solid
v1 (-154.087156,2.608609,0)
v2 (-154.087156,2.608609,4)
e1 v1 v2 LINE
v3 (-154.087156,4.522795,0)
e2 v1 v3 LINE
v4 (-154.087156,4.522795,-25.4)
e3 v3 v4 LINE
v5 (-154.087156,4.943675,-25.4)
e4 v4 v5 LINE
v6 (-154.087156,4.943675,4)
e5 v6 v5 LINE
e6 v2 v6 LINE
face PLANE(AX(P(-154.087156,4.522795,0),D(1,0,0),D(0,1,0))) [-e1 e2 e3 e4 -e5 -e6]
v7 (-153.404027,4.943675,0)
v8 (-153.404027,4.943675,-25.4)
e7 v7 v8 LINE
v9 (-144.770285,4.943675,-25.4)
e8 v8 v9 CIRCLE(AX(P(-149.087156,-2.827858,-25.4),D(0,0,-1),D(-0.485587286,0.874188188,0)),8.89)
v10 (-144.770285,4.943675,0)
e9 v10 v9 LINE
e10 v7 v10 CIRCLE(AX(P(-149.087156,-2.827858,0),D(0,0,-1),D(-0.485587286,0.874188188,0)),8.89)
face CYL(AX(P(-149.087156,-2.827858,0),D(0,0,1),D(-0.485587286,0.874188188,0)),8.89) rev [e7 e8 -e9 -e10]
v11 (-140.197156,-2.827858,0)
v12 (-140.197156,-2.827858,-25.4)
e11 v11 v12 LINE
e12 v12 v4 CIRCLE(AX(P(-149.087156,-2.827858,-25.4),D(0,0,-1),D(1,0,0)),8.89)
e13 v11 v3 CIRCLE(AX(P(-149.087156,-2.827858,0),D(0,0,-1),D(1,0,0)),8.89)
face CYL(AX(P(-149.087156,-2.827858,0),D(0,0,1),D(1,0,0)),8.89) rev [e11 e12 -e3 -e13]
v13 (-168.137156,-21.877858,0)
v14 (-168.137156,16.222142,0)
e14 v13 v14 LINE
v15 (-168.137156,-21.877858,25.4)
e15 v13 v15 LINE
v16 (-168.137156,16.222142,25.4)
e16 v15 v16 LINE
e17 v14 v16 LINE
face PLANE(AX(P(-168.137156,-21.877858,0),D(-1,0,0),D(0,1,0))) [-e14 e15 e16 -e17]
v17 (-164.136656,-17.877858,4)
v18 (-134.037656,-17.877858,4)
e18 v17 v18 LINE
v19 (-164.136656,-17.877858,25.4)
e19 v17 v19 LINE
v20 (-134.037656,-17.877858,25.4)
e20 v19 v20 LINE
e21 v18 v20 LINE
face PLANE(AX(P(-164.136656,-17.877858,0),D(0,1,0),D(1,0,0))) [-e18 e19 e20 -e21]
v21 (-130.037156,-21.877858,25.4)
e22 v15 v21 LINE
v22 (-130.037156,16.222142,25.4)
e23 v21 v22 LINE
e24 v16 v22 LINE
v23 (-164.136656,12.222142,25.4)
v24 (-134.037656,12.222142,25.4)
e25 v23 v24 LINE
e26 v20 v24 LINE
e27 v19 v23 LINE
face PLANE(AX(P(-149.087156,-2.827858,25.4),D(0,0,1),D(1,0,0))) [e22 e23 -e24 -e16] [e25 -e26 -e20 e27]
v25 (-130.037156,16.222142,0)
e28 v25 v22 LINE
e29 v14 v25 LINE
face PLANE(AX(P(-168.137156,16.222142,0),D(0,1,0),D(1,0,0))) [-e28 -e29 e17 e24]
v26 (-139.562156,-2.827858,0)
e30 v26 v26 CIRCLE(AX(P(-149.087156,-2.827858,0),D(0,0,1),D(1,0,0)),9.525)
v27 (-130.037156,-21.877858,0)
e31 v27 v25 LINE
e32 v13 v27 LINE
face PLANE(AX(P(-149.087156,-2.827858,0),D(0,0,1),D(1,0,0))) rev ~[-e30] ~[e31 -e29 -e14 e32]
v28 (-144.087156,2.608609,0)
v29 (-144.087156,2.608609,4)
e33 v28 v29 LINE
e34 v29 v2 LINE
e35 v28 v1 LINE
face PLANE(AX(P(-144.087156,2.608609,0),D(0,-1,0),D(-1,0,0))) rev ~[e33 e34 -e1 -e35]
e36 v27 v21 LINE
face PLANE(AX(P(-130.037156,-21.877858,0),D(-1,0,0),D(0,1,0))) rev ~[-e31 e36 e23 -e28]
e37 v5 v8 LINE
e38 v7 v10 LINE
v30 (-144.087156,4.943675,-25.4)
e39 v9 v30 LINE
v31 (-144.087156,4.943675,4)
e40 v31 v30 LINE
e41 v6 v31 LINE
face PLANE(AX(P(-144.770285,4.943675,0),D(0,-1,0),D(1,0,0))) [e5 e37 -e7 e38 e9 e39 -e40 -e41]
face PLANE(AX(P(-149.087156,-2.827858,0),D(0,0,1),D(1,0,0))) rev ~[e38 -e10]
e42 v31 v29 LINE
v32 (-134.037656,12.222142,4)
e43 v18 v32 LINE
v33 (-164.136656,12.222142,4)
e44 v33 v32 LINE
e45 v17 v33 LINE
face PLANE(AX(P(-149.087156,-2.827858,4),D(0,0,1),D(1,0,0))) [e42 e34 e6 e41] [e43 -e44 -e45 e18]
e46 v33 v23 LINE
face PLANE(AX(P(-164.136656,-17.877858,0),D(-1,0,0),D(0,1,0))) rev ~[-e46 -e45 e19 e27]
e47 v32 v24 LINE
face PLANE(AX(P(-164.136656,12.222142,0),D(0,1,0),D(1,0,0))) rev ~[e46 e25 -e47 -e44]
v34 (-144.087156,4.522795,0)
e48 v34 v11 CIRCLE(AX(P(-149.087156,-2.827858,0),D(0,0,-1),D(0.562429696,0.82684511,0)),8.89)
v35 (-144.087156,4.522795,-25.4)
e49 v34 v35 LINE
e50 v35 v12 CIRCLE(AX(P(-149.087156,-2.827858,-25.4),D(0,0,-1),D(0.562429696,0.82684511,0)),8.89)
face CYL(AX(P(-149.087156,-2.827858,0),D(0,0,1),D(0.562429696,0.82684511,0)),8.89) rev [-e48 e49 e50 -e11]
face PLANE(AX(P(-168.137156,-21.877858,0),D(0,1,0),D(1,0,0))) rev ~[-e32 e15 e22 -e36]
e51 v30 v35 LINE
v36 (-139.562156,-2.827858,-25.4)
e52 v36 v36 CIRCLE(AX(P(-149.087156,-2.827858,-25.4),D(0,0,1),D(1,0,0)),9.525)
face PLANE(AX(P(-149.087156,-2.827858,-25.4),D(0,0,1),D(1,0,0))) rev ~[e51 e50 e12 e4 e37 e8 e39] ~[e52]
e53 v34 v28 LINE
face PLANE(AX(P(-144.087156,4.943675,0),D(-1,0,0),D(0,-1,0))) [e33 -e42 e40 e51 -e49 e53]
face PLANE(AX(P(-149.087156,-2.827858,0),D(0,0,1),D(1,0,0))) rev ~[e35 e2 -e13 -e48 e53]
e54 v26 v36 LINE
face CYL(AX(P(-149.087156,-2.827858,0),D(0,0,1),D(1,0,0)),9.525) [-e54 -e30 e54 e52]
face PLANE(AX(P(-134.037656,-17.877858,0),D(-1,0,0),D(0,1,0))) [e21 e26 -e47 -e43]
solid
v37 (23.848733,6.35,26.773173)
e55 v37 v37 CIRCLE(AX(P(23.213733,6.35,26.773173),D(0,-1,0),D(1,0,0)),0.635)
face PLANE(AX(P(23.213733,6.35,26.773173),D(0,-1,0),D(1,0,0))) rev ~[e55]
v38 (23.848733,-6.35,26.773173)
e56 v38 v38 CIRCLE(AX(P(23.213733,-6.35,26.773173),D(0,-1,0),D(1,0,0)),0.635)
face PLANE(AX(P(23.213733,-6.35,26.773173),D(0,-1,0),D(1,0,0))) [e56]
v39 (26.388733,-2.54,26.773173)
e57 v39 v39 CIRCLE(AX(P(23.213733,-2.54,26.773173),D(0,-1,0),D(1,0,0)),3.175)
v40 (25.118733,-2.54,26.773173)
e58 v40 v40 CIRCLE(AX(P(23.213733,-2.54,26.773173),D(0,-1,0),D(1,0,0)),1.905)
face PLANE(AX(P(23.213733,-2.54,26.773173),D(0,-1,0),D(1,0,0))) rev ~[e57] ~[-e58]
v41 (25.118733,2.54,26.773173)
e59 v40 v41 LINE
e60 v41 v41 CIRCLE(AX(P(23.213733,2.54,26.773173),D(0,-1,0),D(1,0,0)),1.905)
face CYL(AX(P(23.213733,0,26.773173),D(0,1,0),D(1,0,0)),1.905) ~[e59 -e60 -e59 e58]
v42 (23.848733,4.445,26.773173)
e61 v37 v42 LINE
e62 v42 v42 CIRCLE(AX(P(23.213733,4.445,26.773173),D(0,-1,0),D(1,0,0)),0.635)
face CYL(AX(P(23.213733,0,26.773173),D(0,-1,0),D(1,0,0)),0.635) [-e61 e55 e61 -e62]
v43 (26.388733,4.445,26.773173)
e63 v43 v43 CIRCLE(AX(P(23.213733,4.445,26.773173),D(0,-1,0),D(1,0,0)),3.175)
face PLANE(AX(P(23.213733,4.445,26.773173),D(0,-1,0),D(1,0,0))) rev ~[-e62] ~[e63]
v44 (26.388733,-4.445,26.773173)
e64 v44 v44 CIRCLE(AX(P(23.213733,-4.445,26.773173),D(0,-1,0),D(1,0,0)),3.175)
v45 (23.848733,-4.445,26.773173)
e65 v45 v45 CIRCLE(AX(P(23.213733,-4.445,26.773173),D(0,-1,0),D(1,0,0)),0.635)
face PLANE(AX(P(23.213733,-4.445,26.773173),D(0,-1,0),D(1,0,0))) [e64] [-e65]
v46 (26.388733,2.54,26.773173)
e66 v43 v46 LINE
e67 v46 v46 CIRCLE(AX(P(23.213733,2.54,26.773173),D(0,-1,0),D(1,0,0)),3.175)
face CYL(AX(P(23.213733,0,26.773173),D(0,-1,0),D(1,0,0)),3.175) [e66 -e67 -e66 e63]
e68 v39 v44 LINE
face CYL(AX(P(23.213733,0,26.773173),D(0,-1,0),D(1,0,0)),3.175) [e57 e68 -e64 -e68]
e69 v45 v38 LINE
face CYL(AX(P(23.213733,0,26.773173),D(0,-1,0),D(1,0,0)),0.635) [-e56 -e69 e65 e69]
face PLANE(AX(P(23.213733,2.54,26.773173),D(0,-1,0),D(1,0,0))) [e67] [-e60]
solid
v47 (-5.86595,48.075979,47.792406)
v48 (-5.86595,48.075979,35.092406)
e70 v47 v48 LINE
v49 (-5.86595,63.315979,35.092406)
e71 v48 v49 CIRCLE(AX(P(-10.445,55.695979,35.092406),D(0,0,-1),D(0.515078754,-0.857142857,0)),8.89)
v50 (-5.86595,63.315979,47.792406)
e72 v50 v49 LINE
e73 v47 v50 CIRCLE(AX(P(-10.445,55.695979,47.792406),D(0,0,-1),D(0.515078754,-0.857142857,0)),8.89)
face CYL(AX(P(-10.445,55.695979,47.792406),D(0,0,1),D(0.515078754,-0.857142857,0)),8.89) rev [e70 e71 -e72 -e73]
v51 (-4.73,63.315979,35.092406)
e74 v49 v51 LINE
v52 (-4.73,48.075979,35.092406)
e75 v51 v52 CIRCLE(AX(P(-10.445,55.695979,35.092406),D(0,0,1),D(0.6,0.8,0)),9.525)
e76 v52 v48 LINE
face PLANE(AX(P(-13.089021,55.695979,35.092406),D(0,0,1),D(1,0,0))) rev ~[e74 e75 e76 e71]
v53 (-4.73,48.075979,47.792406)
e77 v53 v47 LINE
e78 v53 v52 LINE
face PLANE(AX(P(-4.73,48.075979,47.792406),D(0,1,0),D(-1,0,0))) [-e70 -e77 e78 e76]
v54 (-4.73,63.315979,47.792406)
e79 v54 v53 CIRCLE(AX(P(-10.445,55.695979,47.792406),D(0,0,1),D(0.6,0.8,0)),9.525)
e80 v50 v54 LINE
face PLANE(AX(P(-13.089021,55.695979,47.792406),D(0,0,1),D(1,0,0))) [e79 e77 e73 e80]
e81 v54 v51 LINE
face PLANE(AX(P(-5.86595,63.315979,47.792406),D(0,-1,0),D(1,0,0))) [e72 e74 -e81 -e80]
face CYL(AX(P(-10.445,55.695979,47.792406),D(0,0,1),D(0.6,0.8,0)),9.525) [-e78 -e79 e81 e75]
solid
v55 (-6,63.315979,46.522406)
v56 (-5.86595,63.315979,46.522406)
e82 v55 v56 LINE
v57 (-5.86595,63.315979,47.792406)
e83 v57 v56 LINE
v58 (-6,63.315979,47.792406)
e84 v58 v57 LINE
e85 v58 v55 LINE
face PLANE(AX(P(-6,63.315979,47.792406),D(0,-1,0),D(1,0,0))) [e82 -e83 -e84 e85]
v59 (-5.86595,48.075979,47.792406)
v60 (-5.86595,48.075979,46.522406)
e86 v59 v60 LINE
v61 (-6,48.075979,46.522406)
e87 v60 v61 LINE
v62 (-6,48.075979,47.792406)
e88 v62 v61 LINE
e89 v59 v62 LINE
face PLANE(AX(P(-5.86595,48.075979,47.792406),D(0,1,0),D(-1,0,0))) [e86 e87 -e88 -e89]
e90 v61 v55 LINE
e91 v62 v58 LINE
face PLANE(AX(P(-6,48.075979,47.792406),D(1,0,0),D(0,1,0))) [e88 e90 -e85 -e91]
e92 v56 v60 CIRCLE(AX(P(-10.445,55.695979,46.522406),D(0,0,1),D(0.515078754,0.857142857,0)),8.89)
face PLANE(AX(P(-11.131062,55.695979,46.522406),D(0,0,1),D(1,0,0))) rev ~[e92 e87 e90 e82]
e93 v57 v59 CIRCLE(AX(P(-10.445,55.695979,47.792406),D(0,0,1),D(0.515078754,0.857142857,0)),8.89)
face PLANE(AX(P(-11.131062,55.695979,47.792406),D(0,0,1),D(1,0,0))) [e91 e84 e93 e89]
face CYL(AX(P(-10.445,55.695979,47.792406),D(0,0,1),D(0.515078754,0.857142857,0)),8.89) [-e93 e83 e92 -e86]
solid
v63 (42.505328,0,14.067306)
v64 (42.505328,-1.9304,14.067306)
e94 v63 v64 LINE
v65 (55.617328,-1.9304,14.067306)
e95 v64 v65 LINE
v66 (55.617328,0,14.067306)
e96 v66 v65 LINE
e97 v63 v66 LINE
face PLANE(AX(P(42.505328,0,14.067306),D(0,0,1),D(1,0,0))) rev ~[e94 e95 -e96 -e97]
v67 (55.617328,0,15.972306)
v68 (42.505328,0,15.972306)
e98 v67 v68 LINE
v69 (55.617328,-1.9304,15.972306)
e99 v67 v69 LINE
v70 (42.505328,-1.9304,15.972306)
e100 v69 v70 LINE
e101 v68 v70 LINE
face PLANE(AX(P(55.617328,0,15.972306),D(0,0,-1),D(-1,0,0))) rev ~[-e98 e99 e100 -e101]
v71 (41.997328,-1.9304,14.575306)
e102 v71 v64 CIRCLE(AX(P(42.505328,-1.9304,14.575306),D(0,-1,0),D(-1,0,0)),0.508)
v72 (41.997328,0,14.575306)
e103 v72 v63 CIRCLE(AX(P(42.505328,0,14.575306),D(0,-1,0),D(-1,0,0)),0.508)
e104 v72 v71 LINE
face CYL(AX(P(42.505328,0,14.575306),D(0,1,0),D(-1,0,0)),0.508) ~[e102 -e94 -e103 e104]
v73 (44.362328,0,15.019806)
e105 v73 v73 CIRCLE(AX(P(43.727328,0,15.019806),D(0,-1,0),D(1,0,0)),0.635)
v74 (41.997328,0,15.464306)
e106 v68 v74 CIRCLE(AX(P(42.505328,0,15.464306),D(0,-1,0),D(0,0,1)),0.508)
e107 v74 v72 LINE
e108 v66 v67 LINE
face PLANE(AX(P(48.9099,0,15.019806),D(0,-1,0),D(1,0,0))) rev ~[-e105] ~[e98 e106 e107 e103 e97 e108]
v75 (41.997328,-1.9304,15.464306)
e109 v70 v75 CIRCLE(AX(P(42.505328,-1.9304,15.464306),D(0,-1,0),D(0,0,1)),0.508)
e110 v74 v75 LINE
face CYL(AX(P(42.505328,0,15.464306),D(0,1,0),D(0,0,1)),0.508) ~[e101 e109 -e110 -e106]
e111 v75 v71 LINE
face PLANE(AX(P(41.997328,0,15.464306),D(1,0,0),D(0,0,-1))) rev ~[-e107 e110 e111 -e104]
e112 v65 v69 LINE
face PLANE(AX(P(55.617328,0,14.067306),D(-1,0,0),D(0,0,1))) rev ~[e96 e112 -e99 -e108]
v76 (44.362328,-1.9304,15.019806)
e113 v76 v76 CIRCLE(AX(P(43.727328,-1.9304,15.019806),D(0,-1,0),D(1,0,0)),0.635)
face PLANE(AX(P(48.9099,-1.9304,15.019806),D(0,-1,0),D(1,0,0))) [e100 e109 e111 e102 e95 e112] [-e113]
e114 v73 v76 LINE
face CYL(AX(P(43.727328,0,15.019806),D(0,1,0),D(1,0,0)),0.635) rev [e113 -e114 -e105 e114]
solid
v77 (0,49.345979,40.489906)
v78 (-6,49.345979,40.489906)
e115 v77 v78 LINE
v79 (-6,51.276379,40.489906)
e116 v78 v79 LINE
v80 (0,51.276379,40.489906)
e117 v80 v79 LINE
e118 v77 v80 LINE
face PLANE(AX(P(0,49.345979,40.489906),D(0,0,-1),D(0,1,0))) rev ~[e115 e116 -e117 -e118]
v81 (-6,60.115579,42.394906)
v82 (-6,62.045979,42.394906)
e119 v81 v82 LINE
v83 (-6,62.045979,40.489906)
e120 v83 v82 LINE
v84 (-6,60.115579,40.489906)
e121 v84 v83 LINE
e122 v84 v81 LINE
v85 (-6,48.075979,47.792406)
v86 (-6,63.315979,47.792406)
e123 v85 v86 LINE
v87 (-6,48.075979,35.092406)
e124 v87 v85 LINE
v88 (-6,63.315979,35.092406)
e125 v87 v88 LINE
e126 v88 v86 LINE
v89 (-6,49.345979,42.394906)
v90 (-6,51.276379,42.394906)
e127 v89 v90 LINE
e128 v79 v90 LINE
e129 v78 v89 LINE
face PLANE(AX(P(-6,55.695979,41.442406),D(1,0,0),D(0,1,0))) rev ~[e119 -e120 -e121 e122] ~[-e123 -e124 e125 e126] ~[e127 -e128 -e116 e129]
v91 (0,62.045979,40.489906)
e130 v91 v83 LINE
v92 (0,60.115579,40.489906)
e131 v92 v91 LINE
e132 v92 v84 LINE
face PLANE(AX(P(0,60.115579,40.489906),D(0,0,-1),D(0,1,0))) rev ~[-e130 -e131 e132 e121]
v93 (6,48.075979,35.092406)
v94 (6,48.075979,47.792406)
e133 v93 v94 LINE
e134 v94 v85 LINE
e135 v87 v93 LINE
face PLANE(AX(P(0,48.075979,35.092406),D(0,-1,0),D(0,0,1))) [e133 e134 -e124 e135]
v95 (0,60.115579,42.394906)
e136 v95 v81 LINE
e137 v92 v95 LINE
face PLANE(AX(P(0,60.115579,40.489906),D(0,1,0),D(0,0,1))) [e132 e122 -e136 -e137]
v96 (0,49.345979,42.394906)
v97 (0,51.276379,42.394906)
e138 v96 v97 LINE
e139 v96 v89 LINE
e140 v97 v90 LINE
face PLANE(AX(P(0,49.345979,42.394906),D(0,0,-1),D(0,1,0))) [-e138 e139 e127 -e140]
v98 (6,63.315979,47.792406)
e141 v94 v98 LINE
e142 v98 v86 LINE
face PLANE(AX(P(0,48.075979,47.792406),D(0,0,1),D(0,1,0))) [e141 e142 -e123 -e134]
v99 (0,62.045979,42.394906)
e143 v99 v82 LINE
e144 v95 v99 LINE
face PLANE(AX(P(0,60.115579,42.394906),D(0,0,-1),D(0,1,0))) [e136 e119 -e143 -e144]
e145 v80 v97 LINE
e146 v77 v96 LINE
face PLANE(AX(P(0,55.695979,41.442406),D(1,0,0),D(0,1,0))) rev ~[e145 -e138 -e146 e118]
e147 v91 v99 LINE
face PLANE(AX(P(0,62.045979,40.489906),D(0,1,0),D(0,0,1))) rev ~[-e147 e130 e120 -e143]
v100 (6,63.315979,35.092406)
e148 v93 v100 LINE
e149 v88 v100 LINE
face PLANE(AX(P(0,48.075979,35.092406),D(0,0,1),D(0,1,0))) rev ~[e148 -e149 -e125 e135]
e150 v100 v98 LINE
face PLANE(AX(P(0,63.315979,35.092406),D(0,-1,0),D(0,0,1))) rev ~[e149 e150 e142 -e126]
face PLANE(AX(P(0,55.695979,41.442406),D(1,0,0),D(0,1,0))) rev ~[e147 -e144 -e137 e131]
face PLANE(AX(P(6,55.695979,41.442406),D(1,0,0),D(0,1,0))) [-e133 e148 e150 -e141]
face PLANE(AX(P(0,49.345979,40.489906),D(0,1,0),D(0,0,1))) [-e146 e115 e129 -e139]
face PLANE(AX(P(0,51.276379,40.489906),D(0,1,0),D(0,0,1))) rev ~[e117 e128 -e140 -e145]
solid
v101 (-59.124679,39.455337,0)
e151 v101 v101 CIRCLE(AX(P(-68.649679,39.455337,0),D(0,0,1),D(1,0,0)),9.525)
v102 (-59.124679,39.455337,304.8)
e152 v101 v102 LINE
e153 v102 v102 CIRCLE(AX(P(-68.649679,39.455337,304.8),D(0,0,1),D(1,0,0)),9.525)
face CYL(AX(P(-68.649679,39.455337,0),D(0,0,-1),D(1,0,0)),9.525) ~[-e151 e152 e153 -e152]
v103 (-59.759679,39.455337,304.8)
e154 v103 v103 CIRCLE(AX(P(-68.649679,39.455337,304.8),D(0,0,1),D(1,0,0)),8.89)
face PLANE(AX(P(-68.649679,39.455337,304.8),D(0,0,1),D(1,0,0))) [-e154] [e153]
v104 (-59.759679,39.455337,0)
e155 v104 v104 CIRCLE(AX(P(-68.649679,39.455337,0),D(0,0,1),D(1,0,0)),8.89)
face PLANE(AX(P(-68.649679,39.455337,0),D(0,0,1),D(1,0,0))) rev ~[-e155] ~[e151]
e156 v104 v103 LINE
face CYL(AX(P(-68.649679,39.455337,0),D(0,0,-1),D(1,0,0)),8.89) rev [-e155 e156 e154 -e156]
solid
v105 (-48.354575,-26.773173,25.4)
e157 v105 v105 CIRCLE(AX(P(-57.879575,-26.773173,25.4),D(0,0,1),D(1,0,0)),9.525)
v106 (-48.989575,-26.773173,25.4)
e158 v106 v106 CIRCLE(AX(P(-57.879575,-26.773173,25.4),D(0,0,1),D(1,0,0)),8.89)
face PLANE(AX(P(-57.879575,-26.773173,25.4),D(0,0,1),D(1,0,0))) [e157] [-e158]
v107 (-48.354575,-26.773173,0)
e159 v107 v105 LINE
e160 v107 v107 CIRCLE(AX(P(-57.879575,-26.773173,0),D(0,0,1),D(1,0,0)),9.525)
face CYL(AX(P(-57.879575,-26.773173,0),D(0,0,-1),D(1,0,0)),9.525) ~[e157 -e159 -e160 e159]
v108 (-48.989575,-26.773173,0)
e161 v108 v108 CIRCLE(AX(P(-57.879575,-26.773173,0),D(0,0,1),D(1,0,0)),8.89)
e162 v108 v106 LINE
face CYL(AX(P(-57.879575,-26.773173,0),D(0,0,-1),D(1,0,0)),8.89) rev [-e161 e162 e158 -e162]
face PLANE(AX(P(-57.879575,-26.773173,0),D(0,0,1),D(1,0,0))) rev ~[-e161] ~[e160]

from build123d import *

# Parameters (mm, degrees)
F0_R      = 9.525
F0_R_2    = 8.89
F1_DEPTH  = 25.4
F2_R      = 0.635
F3_DEPTH  = 6.35
F2_R_2    = 3.175
F2_R_3    = 1.905
F4_DEPTH  = 4.445
F5_DEPTH  = 2.54
F6_R      = 0.635
F7_DEPTH  = 1.9304
F8_W      = 15.24
F8_H      = 12.7
F8_W_2    = 1.9304
F8_H_2    = 1.905
F9_DEPTH  = 6
F10_DEPTH = 6
F12_DEPTH = 12.7
F13_DEPTH = 1.27
F14_W     = 38.1
F14_H     = 38.1
F14_W_2   = 30.099
F14_H_2   = 30.1
F15_DEPTH = 25.4
F14_R     = 9.525
F16_DEPTH = 4
F17_DEPTH = 25.4
F18_R     = 9.525
F18_R_2   = 8.89
F19_DEPTH = 304.8


with BuildPart() as f1:
    # F0 (on Top) → F1 (new body)
    with BuildSketch(Plane.XY):
        with Locations((-57.8795745969, -26.773173362)):
            Circle(F0_R)
        with Locations((-57.8795745969, -26.773173362)):
            Circle(F0_R_2, mode=Mode.SUBTRACT)
    extrude(amount=F1_DEPTH)


with BuildPart() as f3:
    # F2 (on Front) → F3 (new body, symmetric)
    with BuildSketch(Plane.XZ):
        with Locations((23.2137329876, 26.773173362)):
            Circle(F2_R)
    extrude(amount=F3_DEPTH, both=True)

    # F2 (on Front) → F4 (join, symmetric)
    with BuildSketch(Plane.XZ):
        with Locations((23.2137329876, 26.773173362)):
            Circle(F2_R_2)
        with Locations((23.2137329876, 26.773173362)):
            Circle(F2_R_3, mode=Mode.SUBTRACT)
        with Locations((23.2137329876, 26.773173362)):
            Circle(F2_R_3)
        with Locations((23.2137329876, 26.773173362)):
            Circle(F2_R, mode=Mode.SUBTRACT)
    extrude(amount=F4_DEPTH, both=True)

    # F2 (on Front) → F5 (cut, symmetric)
    with BuildSketch(Plane.XZ):
        with Locations((23.2137329876, 26.773173362)):
            Circle(F2_R_2)
        with Locations((23.2137329876, 26.773173362)):
            Circle(F2_R_3, mode=Mode.SUBTRACT)
    extrude(amount=F5_DEPTH, both=True, mode=Mode.SUBTRACT)


with BuildPart() as f7:
    # F6 (on Front) → F7 (new body)
    with BuildSketch(Plane.XZ):
        with BuildLine():
            ThreePointArc((41.9973280752, 14.5753064631), (42.1461178303, 14.2160962183), (42.5053280752, 14.0673064631))
            Line((42.5053280752, 14.0673064631), (55.6173280752, 14.0673064631))
            Line((55.6173280752, 14.0673064631), (55.6173280752, 15.9723064631))
            Line((55.6173280752, 15.9723064631), (42.5053280752, 15.9723064631))
            ThreePointArc((42.5053280752, 15.9723064631), (42.1461178303, 15.8235167079), (41.9973280752, 15.4643064631))
            Line((41.9973280752, 15.4643064631), (41.9973280752, 14.5753064631))
        make_face()
        with Locations((43.7273280752, 15.0198064631)):
            Circle(F6_R, mode=Mode.SUBTRACT)
    extrude(amount=F7_DEPTH)


with BuildPart() as f9:
    # F8 (on Right) → F9 (new body)
    with BuildSketch(Plane.YZ):
        with Locations((55.6959787431, 41.4424056315)):
            Rectangle(F8_W, F8_H)
        with Locations((50.3111787431, 41.4424056315)):
            Rectangle(F8_W_2, F8_H_2, mode=Mode.SUBTRACT)
        with Locations((61.0807787431, 41.4424056315)):
            Rectangle(F8_W_2, F8_H_2, mode=Mode.SUBTRACT)
    extrude(amount=-F9_DEPTH)

    # F8 (on Right) → F10 (join)
    with BuildSketch(Plane.YZ):
        with Locations((55.6959787431, 41.4424056315)):
            Rectangle(F8_W, F8_H)
        with Locations((50.3111787431, 41.4424056315)):
            Rectangle(F8_W_2, F8_H_2, mode=Mode.SUBTRACT)
        with Locations((61.0807787431, 41.4424056315)):
            Rectangle(F8_W_2, F8_H_2, mode=Mode.SUBTRACT)
        with Locations((50.3111787431, 41.4424056315)):
            Rectangle(F8_W_2, F8_H_2)
        with Locations((61.0807787431, 41.4424056315)):
            Rectangle(F8_W_2, F8_H_2)
    extrude(amount=F10_DEPTH)


with BuildPart() as f12:
    # F11 (on face) → F12 (new body)
    with BuildSketch(Plane.XY.offset(47.7924056315)):
        with BuildLine():
            Line((-5.8659498802, 63.3159787431), (-4.73, 63.3159787431))
            ThreePointArc((-4.73, 63.3159787431), (-19.97, 55.6959787431), (-4.73, 48.0759787431))
            Line((-4.73, 48.0759787431), (-5.8659498802, 48.0759787431))
            ThreePointArc((-5.8659498802, 48.0759787431), (-19.335, 55.6959787431), (-5.8659498802, 63.3159787431))
        make_face()
    extrude(amount=-F12_DEPTH)


with BuildPart() as f13:
    # F11 (on face) → F13 (new body)
    with BuildSketch(Plane.XY.offset(47.7924056315)):
        with BuildLine():
            Line((-6, 63.3159787431), (-5.8659498802, 63.3159787431))
            ThreePointArc((-5.8659498802, 63.3159787431), (-19.335, 55.6959787431), (-5.8659498802, 48.0759787431))
            Line((-5.8659498802, 48.0759787431), (-6, 48.0759787431))
            Line((-6, 48.0759787431), (-6, 63.3159787431))
        make_face()
    extrude(amount=-F13_DEPTH)


with BuildPart() as f15:
    # F14 (on Top) → F15 (new body)
    with BuildSketch(Plane.XY):
        with Locations((-149.0871561402, -2.8278583124)):
            Rectangle(F14_W, F14_H)
        with Locations((-149.0871561402, -2.8278583124)):
            Rectangle(F14_W_2, F14_H_2, mode=Mode.SUBTRACT)
    extrude(amount=F15_DEPTH)

    # F14 (on Top) → F16 (join)
    with BuildSketch(Plane.XY):
        with Locations((-149.0871561402, -2.8278583124)):
            Rectangle(F14_W_2, F14_H_2)
        with Locations((-149.0871561402, -2.8278583124)):
            Circle(F14_R, mode=Mode.SUBTRACT)
        with Locations((-149.0871561402, -2.8278583124)):
            Circle(F14_R)
        with BuildLine():
            ThreePointArc((-144.0871561402, 4.5227947198), (-141.2296088129, 1.3303925217), (-140.1971561402, -2.8278583124))
            ThreePointArc((-140.1971561402, -2.8278583124), (-153.2454069744, -10.6854056397), (-154.0871561402, 4.5227947198))
            Line((-154.0871561402, 4.5227947198), (-154.0871561402, 4.9436746754))
            Line((-154.0871561402, 4.9436746754), (-153.4040271156, 4.9436746754))
            ThreePointArc((-153.4040271156, 4.9436746754), (-149.0871561402, 6.0621416876), (-144.7702851648, 4.9436746754))
            Line((-144.7702851648, 4.9436746754), (-144.0871561402, 4.9436746754))
            Line((-144.0871561402, 4.9436746754), (-144.0871561402, 4.5227947198))
        make_face(mode=Mode.SUBTRACT)
        with BuildLine():
            ThreePointArc((-154.0871561402, 4.5227947198), (-153.2454069744, -10.6854056397), (-140.1971561402, -2.8278583124))
            ThreePointArc((-140.1971561402, -2.8278583124), (-141.2296088129, 1.3303925217), (-144.0871561402, 4.5227947198))
            Line((-144.0871561402, 4.5227947198), (-144.0871561402, 2.6086086997))
            Line((-144.0871561402, 2.6086086997), (-154.0871561402, 2.6086086997))
            Line((-154.0871561402, 2.6086086997), (-154.0871561402, 4.5227947198))
        make_face()
        with BuildLine():
            Line((-153.4040271156, 4.9436746754), (-144.7702851648, 4.9436746754))
            ThreePointArc((-144.7702851648, 4.9436746754), (-149.0871561402, 6.0621416876), (-153.4040271156, 4.9436746754))
        make_face()
    extrude(amount=F16_DEPTH)

    # F14 (on Top) → F17 (join)
    with BuildSketch(Plane.XY):
        with Locations((-149.0871561402, -2.8278583124)):
            Circle(F14_R)
        with BuildLine():
            ThreePointArc((-144.0871561402, 4.5227947198), (-141.2296088129, 1.3303925217), (-140.1971561402, -2.8278583124))
            ThreePointArc((-140.1971561402, -2.8278583124), (-153.2454069744, -10.6854056397), (-154.0871561402, 4.5227947198))
            Line((-154.0871561402, 4.5227947198), (-154.0871561402, 4.9436746754))
            Line((-154.0871561402, 4.9436746754), (-153.4040271156, 4.9436746754))
            ThreePointArc((-153.4040271156, 4.9436746754), (-149.0871561402, 6.0621416876), (-144.7702851648, 4.9436746754))
            Line((-144.7702851648, 4.9436746754), (-144.0871561402, 4.9436746754))
            Line((-144.0871561402, 4.9436746754), (-144.0871561402, 4.5227947198))
        make_face(mode=Mode.SUBTRACT)
    extrude(amount=-F17_DEPTH)


with BuildPart() as f19:
    # F18 (on Top) → F19 (new body)
    with BuildSketch(Plane.XY):
        with Locations((-68.6496794224, 39.455337053)):
            Circle(F18_R)
        with Locations((-68.6496794224, 39.455337053)):
            Circle(F18_R_2, mode=Mode.SUBTRACT)
    extrude(amount=F19_DEPTH)


solid = Compound([f1.part, f3.part, f7.part, f9.part, f12.part, f13.part, f15.part, f19.part])
